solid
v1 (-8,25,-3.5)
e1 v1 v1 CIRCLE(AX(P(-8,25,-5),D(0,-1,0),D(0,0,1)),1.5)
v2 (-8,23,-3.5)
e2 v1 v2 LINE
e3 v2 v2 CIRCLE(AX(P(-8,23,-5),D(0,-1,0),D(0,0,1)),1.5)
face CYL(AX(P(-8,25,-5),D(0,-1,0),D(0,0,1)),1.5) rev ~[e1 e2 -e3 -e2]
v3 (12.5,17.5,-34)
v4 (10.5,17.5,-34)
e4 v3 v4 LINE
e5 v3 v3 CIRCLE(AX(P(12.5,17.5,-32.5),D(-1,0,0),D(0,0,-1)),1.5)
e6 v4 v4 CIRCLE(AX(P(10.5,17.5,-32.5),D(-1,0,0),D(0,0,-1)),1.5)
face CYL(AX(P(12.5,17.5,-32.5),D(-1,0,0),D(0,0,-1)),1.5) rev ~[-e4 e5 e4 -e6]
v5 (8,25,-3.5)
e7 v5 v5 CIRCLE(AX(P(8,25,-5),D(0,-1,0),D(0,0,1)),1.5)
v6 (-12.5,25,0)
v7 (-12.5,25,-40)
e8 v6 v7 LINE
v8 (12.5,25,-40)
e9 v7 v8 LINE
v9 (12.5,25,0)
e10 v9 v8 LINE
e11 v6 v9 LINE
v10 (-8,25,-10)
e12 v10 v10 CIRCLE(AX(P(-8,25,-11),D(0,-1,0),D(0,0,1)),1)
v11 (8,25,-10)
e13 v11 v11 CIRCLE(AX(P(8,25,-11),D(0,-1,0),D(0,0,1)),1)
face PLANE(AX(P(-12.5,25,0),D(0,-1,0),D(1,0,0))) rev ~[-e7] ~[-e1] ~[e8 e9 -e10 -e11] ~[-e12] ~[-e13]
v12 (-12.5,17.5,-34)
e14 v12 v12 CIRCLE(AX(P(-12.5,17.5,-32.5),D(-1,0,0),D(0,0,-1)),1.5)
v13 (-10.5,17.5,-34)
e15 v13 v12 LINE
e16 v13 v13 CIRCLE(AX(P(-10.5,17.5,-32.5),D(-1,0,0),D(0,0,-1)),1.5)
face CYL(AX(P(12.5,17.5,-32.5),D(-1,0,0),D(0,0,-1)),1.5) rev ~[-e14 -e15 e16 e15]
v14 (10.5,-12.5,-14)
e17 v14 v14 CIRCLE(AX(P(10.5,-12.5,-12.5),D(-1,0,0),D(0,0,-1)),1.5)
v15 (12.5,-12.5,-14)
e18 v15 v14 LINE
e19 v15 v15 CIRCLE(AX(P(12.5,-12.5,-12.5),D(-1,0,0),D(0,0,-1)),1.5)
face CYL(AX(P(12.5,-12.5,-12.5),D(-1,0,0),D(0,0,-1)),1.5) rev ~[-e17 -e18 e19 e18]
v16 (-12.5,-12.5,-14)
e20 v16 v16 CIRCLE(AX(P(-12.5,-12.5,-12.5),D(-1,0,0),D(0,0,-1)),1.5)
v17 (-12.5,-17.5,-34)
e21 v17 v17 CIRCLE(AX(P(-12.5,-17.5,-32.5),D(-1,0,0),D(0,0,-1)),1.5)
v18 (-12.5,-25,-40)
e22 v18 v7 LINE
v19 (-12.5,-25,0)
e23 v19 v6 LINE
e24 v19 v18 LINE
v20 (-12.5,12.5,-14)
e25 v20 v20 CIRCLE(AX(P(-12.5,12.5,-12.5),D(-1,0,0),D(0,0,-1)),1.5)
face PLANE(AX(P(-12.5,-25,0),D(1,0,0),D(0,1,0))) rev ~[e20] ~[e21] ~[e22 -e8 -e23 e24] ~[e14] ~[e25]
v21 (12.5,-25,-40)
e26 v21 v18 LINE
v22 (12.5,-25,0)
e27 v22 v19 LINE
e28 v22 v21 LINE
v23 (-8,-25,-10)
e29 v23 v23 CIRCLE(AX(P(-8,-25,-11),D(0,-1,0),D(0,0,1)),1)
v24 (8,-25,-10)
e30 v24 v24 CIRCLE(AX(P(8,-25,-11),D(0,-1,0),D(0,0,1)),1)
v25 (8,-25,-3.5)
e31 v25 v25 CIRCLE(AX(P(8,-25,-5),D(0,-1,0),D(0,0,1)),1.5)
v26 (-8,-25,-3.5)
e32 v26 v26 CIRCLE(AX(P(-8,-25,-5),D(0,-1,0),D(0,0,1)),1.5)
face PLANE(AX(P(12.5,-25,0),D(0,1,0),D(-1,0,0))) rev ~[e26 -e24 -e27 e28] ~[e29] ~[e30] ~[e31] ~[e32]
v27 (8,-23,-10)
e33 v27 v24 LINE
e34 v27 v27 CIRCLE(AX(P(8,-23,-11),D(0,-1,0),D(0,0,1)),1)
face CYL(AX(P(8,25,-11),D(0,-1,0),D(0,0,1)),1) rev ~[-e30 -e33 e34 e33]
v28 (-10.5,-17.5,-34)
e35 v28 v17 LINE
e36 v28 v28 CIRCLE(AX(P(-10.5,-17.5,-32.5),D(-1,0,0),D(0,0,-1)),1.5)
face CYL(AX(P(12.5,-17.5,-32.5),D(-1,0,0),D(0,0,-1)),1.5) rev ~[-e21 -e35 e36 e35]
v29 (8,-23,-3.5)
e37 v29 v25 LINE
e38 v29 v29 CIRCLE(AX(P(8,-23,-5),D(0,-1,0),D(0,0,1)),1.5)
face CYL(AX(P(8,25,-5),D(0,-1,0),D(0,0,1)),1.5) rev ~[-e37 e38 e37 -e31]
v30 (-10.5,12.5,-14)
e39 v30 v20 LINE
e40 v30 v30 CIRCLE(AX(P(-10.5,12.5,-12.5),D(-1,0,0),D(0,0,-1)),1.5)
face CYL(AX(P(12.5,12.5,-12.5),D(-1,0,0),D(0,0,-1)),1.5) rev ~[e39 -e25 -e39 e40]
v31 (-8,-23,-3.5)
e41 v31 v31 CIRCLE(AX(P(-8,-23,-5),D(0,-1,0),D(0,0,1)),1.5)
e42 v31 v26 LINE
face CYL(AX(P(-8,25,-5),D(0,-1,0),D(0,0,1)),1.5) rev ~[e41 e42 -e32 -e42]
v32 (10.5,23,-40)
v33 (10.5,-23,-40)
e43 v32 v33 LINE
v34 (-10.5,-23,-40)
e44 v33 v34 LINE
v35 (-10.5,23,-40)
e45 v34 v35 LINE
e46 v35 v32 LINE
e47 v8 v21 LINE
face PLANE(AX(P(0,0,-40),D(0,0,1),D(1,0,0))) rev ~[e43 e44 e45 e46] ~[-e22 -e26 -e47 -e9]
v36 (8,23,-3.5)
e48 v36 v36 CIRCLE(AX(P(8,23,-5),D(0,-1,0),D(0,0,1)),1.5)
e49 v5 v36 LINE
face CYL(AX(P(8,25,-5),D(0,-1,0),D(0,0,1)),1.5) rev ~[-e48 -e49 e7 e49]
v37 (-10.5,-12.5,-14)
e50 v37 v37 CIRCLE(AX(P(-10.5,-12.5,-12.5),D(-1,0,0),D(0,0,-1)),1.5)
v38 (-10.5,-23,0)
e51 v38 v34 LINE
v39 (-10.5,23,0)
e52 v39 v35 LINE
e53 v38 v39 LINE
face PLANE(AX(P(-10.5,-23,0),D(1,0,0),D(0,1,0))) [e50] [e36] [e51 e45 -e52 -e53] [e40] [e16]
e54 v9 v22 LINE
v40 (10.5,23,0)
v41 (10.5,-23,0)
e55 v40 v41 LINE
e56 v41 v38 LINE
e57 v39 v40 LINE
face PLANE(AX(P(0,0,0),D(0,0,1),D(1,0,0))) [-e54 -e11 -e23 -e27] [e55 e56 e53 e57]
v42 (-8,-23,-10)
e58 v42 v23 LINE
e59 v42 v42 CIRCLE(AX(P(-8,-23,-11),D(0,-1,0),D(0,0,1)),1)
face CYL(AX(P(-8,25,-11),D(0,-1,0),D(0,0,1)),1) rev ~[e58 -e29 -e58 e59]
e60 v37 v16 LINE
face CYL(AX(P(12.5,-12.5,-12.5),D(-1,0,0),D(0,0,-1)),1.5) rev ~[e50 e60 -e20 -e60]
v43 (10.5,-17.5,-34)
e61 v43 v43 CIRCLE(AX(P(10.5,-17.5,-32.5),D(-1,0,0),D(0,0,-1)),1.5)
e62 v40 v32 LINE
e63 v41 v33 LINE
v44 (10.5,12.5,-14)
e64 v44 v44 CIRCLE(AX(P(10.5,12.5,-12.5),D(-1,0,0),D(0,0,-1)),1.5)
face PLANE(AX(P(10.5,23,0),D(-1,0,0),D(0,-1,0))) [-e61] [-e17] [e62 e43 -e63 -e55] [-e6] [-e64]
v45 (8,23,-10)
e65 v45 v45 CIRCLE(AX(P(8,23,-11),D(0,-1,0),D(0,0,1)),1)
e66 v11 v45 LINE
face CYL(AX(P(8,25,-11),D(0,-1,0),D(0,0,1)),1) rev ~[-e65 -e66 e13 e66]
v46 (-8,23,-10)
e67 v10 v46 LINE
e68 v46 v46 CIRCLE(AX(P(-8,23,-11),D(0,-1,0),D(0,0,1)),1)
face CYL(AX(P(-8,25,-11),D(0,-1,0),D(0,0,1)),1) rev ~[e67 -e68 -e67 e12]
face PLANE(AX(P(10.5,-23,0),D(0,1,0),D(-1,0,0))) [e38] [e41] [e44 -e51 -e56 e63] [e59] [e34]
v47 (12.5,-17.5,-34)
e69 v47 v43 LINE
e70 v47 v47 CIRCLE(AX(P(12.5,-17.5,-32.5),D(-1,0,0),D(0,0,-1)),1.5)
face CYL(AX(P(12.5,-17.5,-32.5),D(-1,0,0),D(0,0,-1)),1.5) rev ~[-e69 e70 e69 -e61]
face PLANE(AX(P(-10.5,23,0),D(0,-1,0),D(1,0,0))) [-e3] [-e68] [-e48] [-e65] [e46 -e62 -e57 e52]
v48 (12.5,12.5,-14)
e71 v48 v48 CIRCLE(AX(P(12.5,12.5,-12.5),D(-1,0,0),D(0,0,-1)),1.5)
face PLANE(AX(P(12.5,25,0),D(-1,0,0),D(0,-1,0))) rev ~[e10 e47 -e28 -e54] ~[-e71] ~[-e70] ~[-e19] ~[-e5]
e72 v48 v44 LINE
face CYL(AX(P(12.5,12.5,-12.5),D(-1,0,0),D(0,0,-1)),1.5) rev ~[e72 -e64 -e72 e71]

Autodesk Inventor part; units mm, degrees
ref_plane "YZ Plane" through (0, 0, 0) normal (1, 0, 0) x (0, 1, 0)
ref_plane "XZ Plane" through (0, 0, 0) normal (0, 1, 0) x (-1, 0, 0)
ref_plane "XY Plane" through (0, 0, 0) normal (0, 0, 1) x (1, 0, 0)
sketch "スケッチ1" plane through (0, 0, 0) normal (0, 0, 1) x (1, 0, 0)
  line L0 (-12.5, 25) -> (12.5, 25)
  line L1 (12.5, 25) -> (12.5, -25)
  line L2 (12.5, -25) -> (-12.5, -25)
  line L3 (-12.5, -25) -> (-12.5, 25)
  line L4 (-10.5, 23) -> (10.5, 23)
  line L5 (10.5, 23) -> (10.5, -23)
  line L6 (10.5, -23) -> (-10.5, -23)
  line L7 (-10.5, -23) -> (-10.5, 23)
  point P0 (0, 0)
  dimension "d0" = 21
  dimension "d2" = 25
  dimension "d3" = 10.5
  dimension "d4" = 46
  dimension "d5" = 50
  dimension "d6" = 23
  dimension "d7" = 25
  dimension "d8" = 12.5
extrude "押し出し1" add sketch "スケッチ1" against normal blind 40
sketch "スケッチ2" plane through (-12.5, 25, 0) normal (0, 1, 0) x (1, 0, 0)
  line L0 (0, 0) -> (25, 0) projected
  line L1 (0, 0) -> (0, 40) projected
  circle A0 centre (4.5, 5) radius 1.5
  circle A1 centre (20.5, 5) radius 1.5
  point P0 (12.5, 0)
  dimension "d13" = 3
  dimension "d14" = 16
  dimension "d16" = 4.5
  dimension "d18" = 5
  dimension "d21" = 5
hole "穴1" at (8, 25, -5) at (-8, 25, -5) direction (0, -1, 0) diameter 3 end through all
sketch "スケッチ3" plane through (-12.5, 25, 0) normal (0, 1, 0) x (1, 0, 0)
  circle A0 centre (20.5, 5) radius 1.5 projected
  circle A1 centre (4.5, 5) radius 1.5 projected
  line L0 (0, 0) -> (0, 40) projected
  circle A2 centre (4.5, 11) radius 1
  circle A3 centre (20.5, 11) radius 1
  point P0 (12.5, 0)
  dimension "d29" = 2
  dimension "d31" = 16
  dimension "d32" = 4.5
  dimension "d33" = 6
  dimension "d34" = 6
hole "穴2" at (8, 25, -11) at (-8, 25, -11) direction (0, -1, 0) diameter 2 end through all
sketch "スケッチ4" plane through (12.5, -25, 0) normal (1, 0, 0) x (0, 0, -1)
  line L0 (0, 0) -> (40, 0) projected
  line L1 (40, 50) -> (40, 0) projected
  circle A0 centre (32.5, 42.5) radius 1.5
  circle A1 centre (32.5, 7.5) radius 1.5
  circle A2 centre (12.5, 12.5) radius 1.5
  circle A3 centre (12.5, 37.5) radius 1.5
  point P0 (0, 25)
  dimension "d42" = 3
  dimension "d44" = 25
  dimension "d45" = 35
  dimension "d46" = 7.5
  dimension "d47" = 12.5
  dimension "d48" = 20
  dimension "d49" = 20
  dimension "d50" = 7.5
  dimension "d51" = 7.5
hole "穴3" at (12.5, -12.5, -12.5) at (12.5, -17.5, -32.5) at (12.5, 17.5, -32.5) at (12.5, 12.5, -12.5) direction (-1, 0, 0) diameter 3 end through all
properties part number "Pitch_Free_Case"
